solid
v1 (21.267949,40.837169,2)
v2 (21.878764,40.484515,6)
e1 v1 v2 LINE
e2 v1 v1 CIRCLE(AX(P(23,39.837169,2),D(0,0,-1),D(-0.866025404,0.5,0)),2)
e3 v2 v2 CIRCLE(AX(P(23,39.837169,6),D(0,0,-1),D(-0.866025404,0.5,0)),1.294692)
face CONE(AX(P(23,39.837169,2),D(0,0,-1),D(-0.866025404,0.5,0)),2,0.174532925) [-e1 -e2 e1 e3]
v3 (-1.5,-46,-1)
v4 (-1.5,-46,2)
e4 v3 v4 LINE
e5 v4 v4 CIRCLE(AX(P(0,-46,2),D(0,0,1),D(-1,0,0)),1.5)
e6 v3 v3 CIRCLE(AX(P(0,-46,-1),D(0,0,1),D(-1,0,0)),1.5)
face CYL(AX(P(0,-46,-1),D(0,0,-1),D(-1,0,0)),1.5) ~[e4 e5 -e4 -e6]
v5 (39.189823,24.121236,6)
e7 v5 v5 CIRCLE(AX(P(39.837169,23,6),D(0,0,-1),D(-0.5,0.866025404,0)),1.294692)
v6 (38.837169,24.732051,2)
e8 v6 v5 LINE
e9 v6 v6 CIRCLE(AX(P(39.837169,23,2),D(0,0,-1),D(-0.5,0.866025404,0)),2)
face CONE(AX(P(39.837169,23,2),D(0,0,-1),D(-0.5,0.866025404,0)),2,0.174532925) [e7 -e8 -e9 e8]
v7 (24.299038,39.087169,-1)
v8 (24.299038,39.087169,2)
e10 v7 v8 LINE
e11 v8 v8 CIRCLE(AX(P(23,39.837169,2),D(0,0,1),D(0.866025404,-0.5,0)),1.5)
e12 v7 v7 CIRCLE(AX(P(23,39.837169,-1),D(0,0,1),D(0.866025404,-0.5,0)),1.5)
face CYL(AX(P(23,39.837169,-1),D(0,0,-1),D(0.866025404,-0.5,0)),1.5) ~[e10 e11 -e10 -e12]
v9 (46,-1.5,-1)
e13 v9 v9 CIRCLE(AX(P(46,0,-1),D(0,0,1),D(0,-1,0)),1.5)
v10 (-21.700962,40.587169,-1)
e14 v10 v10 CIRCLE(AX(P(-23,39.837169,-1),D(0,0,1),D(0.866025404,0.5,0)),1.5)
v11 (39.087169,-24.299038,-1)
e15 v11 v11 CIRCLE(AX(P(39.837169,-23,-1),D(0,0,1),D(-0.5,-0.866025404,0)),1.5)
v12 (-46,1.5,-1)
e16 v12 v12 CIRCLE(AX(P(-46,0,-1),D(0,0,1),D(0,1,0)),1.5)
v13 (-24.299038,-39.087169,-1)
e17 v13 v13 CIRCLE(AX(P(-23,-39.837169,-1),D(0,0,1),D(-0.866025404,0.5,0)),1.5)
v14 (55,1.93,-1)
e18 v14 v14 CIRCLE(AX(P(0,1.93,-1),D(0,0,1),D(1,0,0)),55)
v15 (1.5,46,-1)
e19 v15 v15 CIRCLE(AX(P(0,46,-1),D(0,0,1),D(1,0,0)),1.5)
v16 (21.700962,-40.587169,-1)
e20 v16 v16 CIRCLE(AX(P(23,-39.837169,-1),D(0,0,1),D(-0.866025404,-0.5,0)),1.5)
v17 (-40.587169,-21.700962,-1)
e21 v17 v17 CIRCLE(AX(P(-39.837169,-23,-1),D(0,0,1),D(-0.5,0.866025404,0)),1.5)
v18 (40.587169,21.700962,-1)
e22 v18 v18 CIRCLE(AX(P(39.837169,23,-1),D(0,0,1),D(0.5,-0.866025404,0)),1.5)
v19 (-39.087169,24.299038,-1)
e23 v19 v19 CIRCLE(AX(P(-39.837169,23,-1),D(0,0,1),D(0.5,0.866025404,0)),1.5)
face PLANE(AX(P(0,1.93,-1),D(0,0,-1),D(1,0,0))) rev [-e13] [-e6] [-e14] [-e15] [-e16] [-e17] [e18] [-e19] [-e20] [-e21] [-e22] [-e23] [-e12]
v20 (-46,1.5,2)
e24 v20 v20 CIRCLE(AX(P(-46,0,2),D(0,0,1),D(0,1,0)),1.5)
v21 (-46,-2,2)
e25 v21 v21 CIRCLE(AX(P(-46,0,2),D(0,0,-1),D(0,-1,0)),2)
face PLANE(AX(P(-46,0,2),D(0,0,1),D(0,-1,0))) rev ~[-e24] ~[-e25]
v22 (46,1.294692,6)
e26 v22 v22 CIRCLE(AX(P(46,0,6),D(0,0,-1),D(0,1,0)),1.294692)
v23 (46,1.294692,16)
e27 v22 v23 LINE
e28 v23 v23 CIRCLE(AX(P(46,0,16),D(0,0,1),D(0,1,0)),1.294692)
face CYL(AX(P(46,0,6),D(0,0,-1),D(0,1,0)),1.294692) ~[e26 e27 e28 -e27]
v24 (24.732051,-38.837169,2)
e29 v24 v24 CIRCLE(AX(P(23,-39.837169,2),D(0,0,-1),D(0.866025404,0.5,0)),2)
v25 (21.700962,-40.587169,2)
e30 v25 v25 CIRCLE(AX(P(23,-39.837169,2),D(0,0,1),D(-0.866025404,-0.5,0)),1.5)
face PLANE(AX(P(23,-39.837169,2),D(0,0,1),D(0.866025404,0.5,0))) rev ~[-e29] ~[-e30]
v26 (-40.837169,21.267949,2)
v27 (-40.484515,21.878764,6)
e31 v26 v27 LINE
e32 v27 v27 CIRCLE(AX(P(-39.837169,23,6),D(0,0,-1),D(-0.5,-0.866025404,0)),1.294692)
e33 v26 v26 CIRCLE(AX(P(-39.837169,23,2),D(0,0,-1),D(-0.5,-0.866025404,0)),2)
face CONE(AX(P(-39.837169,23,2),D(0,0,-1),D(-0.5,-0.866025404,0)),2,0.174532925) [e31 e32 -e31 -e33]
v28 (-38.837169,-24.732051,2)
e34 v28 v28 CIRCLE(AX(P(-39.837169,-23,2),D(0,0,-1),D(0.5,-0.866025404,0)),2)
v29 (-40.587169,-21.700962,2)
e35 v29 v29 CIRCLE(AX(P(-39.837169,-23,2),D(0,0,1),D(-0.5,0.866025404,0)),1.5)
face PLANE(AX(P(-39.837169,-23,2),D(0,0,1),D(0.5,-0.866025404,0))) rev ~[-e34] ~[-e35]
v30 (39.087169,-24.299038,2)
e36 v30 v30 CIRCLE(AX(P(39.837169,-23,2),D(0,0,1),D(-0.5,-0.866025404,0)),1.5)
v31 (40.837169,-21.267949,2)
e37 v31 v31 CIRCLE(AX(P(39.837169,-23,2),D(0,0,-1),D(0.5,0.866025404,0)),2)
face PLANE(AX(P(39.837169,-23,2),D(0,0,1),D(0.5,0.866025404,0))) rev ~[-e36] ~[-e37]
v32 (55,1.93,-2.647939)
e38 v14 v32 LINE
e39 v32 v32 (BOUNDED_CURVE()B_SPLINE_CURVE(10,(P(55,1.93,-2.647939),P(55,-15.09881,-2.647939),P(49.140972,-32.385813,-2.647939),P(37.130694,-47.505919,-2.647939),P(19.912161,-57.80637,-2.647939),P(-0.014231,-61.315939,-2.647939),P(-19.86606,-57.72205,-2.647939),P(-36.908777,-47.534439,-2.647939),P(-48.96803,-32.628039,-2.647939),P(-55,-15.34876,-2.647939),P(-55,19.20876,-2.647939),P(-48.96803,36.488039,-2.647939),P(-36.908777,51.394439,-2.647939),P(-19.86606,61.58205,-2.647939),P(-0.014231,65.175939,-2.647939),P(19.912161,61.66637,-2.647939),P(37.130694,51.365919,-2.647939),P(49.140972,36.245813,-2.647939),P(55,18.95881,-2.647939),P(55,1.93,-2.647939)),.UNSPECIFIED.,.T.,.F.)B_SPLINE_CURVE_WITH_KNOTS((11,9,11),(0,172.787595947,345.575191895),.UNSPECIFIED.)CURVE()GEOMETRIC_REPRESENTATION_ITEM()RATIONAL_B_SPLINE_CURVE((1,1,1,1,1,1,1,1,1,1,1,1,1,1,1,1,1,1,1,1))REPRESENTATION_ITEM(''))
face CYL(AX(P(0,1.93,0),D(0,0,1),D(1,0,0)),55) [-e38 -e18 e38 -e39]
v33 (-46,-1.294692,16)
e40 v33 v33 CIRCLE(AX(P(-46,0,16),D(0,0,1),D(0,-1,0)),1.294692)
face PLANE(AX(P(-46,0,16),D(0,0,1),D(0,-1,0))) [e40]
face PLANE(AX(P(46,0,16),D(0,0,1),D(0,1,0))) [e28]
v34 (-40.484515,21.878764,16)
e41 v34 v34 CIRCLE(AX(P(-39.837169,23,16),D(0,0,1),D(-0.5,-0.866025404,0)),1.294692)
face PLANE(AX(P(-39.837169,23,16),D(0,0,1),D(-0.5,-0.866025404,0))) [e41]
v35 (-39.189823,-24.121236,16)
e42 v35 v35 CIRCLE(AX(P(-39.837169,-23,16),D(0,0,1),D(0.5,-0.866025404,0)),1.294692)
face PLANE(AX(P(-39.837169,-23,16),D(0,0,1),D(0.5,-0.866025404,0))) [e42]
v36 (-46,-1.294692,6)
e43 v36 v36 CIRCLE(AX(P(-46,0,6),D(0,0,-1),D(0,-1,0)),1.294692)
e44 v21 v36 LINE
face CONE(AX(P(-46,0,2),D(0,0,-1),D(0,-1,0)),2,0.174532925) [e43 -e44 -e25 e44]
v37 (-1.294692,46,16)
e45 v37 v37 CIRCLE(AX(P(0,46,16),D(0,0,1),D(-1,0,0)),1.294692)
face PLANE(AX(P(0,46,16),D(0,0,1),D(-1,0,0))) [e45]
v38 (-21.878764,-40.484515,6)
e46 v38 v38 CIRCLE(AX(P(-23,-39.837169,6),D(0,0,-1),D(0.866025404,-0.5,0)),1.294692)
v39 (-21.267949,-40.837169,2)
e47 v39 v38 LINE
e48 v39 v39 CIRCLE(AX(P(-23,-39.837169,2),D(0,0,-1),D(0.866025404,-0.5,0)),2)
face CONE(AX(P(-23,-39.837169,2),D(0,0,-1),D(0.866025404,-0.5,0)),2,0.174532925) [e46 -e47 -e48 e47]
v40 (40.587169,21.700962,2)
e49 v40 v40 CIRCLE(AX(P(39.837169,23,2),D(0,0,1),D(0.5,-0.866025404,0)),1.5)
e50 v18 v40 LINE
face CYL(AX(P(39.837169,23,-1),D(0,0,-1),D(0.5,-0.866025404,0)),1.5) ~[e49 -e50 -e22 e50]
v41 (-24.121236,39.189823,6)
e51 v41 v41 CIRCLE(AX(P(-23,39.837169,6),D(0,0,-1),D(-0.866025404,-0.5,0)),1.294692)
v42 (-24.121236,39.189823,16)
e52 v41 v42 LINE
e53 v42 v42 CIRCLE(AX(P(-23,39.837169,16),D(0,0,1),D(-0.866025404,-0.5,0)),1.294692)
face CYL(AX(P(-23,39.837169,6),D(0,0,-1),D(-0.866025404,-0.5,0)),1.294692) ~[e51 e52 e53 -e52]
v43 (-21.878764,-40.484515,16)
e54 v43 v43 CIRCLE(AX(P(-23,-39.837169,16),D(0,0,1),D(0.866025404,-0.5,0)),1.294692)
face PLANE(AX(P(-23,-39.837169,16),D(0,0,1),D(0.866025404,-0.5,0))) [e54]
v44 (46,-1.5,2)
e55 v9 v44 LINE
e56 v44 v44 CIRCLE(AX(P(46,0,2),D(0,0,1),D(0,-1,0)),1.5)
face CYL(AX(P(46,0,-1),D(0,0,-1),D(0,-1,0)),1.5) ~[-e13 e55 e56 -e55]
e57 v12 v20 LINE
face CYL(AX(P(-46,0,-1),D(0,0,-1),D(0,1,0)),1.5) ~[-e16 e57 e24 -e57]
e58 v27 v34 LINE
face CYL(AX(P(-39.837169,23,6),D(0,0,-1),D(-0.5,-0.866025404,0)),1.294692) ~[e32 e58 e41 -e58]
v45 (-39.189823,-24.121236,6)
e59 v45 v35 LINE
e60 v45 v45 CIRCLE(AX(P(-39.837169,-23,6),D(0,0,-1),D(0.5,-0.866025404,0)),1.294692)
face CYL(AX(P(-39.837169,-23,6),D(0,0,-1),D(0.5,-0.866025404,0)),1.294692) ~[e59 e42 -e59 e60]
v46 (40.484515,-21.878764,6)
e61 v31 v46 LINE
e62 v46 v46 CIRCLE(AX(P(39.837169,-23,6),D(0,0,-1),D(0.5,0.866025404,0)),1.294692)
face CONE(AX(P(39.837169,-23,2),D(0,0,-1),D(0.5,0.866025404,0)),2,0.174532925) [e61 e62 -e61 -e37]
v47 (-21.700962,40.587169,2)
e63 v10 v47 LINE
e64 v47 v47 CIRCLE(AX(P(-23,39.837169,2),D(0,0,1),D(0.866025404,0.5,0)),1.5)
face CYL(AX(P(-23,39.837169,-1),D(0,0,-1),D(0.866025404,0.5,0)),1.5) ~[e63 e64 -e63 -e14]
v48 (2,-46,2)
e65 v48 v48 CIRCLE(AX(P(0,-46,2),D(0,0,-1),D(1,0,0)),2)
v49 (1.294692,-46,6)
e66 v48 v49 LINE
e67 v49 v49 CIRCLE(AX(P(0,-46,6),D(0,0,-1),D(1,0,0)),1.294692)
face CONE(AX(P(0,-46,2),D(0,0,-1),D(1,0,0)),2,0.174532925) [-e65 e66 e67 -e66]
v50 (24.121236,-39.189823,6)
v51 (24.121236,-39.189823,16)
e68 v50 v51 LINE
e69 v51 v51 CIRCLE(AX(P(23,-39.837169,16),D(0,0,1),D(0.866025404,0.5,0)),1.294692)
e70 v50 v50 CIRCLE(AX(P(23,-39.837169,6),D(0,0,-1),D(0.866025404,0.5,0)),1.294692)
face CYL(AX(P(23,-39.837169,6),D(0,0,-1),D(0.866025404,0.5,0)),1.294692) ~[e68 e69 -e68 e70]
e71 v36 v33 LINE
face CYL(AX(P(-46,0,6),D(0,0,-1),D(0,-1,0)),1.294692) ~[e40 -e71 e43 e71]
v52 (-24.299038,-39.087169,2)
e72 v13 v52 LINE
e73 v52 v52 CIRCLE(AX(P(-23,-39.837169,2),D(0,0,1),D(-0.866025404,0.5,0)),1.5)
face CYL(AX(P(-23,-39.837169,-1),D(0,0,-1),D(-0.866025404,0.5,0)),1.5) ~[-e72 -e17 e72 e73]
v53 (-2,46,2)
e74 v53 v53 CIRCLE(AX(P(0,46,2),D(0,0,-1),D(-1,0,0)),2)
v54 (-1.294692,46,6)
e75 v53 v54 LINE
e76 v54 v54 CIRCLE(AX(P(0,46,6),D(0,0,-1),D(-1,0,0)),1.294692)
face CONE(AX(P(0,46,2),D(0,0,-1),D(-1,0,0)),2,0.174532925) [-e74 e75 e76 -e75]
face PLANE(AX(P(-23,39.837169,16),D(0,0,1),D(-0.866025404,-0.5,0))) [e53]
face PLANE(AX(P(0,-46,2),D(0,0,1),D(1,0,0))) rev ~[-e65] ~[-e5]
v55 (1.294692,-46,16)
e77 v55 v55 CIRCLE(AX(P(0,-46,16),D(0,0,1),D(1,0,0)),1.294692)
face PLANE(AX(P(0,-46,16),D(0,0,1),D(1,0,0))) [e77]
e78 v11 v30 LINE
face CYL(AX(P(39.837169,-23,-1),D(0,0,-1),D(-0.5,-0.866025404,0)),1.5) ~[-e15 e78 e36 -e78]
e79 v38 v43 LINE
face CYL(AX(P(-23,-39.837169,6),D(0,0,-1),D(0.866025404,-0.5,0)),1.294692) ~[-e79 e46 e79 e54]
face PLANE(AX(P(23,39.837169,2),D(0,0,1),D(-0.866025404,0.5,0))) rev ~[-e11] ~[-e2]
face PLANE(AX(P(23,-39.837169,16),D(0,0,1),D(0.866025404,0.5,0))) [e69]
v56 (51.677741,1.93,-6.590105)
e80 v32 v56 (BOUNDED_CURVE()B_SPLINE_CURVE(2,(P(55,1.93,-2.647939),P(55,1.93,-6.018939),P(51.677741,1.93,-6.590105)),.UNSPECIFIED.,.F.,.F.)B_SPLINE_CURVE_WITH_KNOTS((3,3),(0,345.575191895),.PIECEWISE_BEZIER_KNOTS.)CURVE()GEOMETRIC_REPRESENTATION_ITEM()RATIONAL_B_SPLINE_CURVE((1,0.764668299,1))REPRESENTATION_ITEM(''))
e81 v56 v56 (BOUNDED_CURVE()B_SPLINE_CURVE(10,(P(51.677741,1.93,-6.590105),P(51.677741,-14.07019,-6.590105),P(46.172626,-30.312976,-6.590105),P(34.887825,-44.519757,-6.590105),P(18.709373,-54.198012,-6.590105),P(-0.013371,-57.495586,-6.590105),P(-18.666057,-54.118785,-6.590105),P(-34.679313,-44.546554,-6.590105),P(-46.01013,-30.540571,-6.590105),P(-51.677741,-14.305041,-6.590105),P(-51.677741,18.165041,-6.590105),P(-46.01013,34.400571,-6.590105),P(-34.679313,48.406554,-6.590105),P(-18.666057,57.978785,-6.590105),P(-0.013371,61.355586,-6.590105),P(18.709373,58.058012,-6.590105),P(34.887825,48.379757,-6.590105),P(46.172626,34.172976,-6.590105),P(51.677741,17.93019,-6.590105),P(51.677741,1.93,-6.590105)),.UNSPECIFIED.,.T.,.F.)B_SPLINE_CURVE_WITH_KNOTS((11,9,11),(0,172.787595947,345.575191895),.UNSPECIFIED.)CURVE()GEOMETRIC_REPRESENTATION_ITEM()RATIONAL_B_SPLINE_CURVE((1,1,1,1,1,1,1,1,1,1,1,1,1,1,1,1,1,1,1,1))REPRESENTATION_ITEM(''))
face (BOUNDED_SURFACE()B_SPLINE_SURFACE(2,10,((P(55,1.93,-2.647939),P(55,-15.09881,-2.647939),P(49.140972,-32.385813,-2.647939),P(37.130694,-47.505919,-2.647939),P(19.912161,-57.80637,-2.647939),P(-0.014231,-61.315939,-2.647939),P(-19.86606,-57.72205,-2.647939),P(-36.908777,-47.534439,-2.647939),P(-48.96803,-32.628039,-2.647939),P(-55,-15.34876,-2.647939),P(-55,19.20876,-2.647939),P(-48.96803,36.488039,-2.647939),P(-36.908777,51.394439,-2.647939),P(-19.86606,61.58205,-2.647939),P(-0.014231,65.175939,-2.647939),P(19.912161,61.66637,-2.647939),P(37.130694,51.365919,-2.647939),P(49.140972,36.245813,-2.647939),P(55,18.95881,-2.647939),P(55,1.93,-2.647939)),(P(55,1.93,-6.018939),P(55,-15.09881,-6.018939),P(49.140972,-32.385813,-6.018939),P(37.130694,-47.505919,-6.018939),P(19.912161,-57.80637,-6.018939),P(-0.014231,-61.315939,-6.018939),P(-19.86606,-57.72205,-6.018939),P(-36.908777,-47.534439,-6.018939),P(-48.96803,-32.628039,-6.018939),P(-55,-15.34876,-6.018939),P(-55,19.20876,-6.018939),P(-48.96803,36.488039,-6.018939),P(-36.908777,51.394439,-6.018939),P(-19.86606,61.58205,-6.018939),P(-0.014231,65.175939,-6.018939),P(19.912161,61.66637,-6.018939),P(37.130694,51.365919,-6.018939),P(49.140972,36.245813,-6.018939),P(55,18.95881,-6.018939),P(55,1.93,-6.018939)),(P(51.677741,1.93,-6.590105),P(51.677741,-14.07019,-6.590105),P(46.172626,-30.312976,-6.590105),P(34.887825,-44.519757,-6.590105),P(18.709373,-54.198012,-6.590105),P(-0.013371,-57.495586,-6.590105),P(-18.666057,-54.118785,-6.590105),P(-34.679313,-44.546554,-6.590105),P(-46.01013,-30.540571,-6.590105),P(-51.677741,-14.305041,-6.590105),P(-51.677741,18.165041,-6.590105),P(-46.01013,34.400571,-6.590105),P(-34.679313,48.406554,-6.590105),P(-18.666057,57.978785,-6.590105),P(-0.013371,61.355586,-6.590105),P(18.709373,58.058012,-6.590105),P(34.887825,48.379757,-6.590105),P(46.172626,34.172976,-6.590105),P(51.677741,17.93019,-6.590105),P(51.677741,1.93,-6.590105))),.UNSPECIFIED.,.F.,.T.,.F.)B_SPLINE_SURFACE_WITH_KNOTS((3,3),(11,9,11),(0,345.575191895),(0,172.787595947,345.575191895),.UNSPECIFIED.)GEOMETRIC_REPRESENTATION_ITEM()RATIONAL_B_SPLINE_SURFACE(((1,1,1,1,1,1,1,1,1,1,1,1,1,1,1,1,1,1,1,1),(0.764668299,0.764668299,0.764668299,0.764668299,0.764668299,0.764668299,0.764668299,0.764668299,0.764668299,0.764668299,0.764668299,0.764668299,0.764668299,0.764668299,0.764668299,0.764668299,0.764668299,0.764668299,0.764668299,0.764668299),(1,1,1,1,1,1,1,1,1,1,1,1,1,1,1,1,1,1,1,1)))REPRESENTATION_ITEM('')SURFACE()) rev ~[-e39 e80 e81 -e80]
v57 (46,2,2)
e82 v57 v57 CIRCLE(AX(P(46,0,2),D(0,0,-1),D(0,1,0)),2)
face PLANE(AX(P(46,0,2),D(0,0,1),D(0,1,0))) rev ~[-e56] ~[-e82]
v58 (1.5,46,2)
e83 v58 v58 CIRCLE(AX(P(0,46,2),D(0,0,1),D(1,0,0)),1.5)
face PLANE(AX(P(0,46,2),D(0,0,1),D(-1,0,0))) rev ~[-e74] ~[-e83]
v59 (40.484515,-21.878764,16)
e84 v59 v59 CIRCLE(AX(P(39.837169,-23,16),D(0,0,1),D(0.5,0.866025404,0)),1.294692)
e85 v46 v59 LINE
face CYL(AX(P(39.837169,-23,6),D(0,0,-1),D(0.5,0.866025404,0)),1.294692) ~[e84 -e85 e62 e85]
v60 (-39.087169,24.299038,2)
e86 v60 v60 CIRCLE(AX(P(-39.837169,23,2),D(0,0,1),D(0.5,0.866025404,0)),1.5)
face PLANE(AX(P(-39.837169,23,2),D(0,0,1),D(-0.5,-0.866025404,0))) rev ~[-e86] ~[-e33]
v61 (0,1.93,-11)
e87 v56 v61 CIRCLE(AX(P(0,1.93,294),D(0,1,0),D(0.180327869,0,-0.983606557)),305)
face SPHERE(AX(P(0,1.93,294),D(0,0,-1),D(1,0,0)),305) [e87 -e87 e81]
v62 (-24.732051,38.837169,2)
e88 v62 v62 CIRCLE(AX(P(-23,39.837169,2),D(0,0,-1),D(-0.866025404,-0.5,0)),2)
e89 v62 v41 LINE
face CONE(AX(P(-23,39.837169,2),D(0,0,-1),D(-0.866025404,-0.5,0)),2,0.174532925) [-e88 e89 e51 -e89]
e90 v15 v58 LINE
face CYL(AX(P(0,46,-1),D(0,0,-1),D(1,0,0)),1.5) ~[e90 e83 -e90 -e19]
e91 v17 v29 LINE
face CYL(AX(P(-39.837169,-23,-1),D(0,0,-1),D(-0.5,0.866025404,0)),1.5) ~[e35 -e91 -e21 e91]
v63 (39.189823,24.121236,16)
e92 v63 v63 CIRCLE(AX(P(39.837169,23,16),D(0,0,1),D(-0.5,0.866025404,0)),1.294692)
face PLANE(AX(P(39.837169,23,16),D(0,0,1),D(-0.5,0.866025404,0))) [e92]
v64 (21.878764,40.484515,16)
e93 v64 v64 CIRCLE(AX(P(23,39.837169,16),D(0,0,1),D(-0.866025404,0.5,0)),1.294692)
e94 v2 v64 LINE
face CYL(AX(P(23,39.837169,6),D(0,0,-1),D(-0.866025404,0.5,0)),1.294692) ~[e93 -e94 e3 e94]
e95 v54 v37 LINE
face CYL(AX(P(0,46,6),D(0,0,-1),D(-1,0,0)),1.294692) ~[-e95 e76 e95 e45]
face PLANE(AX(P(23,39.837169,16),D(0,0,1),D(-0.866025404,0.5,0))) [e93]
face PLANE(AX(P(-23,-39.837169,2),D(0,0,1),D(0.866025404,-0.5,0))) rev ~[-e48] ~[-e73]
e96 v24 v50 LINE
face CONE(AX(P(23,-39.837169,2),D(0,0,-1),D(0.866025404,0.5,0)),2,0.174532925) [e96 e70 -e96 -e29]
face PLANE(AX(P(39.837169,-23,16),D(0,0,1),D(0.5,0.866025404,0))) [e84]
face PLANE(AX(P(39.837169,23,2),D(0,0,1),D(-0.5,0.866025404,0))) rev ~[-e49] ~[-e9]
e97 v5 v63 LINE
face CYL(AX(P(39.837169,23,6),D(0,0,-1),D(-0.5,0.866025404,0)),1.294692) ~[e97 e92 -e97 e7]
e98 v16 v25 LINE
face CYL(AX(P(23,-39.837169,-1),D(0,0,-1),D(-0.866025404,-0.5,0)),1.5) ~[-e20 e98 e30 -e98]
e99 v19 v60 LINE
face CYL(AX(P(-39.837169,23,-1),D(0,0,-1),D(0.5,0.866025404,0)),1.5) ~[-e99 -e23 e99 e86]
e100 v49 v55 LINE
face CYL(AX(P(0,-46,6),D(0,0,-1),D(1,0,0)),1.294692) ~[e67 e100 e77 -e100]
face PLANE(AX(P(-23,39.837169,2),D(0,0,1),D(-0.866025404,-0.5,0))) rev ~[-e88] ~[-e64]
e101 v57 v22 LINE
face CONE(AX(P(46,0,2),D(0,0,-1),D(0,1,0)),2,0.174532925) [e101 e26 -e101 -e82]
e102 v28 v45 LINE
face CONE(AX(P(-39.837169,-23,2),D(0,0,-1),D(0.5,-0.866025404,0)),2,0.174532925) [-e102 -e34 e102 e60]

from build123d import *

# Parameters (mm, degrees)
SKETCH_1_R               = 55
SKETCH_1_R_2             = 48.5
EXTRUDE_1_DEPTH          = 1
SKETCH_4_R               = 1.5
EXTRUDE_2_DEPTH          = 3
SKETCH_5_R               = 2
EXTRUDE_3_DEPTH          = 4
EXTRUDE_3_TAPER          = 10
SKETCH_6_R               = 1.294692077
EXTRUDE_4_DEPTH          = 10
PATTERN_CIRCULAR_1_COUNT = 12
SKETCH_7_R               = 55
SKETCH_7_R_2             = 48.5
CUT_EXTRUDE_1_DEPTH      = 1
FILLET_1_R               = 4


with BuildPart() as part:
    # 草图1 → 凸台-拉伸1 (new body)
    with BuildSketch(Plane.XY):
        with Locations((0, 1.93)):
            Circle(SKETCH_1_R)
        Circle(SKETCH_1_R_2, mode=Mode.SUBTRACT)
    extrude(amount=-EXTRUDE_1_DEPTH)

    # 草图3 → 旋转2 (revolve)
    with BuildSketch(Plane(origin=(0, 0, 0), x_dir=(0, 0, -1), z_dir=(1, 0, 0)), mode=Mode.PRIVATE) as revolve_2_sk:
        with BuildLine():
            Line((1, 1.93), (1, 56.93))
            Line((1, 56.93), (6, 56.93))
            ThreePointArc((6, 56.93), (9.747427973, 29.543402543), (11, 1.93))
            Line((11, 1.93), (1, 1.93))
        make_face()
    revolve(revolve_2_sk.sketch.rotate(Axis((0, 1.93, -1), (0, 0, -1)), 90), axis=Axis((0, 1.93, -1), (0, 0, -1)))

    # 草图4 → 凸台-拉伸2 (add)
    with BuildSketch(Plane.XY.offset(-1)):
        with Locations(Location((0, -46, 0), (0, 0, 180))):
            Circle(SKETCH_4_R)
    extrude_2 = extrude(amount=EXTRUDE_2_DEPTH)

    # 草图5 → 凸台-拉伸3 (add)
    with BuildSketch(Plane.XY.offset(2)):
        with Locations((0, -46)):
            Circle(SKETCH_5_R)
    extrude_3 = extrude(amount=EXTRUDE_3_DEPTH, taper=EXTRUDE_3_TAPER)

    # 草图6 → 凸台-拉伸4 (add)
    with BuildSketch(Plane.XY.offset(6)):
        with Locations((0, -46)):
            Circle(SKETCH_6_R)
    extrude_4 = extrude(amount=EXTRUDE_4_DEPTH)

    # 阵列(圆周)1: 凸台-拉伸2, 凸台-拉伸3, 凸台-拉伸4 ×12 about axis
    pattern_circular_1_axis = Axis((0, 0, 0), (0, 0, 1))
    add([extrude_2.rotate(pattern_circular_1_axis, i * 360 / PATTERN_CIRCULAR_1_COUNT) for i in range(1, PATTERN_CIRCULAR_1_COUNT)])
    add([extrude_3.rotate(pattern_circular_1_axis, i * 360 / PATTERN_CIRCULAR_1_COUNT) for i in range(1, PATTERN_CIRCULAR_1_COUNT)])
    add([extrude_4.rotate(pattern_circular_1_axis, i * 360 / PATTERN_CIRCULAR_1_COUNT) for i in range(1, PATTERN_CIRCULAR_1_COUNT)])

    # 草图7 → 切除-拉伸1 (cut)
    with BuildSketch(Plane.XY):
        with Locations((0, 1.93)):
            Circle(SKETCH_7_R)
        Circle(SKETCH_7_R_2, mode=Mode.SUBTRACT)
    extrude(amount=-CUT_EXTRUDE_1_DEPTH, mode=Mode.SUBTRACT)

    # 圆角1
    fillet_1_edges = [part.edges().sort_by_distance(p)[0] for p in [
        (-55, 1.93, -6),
    ]]
    fillet(fillet_1_edges, radius=FILLET_1_R)


solid = part.part
